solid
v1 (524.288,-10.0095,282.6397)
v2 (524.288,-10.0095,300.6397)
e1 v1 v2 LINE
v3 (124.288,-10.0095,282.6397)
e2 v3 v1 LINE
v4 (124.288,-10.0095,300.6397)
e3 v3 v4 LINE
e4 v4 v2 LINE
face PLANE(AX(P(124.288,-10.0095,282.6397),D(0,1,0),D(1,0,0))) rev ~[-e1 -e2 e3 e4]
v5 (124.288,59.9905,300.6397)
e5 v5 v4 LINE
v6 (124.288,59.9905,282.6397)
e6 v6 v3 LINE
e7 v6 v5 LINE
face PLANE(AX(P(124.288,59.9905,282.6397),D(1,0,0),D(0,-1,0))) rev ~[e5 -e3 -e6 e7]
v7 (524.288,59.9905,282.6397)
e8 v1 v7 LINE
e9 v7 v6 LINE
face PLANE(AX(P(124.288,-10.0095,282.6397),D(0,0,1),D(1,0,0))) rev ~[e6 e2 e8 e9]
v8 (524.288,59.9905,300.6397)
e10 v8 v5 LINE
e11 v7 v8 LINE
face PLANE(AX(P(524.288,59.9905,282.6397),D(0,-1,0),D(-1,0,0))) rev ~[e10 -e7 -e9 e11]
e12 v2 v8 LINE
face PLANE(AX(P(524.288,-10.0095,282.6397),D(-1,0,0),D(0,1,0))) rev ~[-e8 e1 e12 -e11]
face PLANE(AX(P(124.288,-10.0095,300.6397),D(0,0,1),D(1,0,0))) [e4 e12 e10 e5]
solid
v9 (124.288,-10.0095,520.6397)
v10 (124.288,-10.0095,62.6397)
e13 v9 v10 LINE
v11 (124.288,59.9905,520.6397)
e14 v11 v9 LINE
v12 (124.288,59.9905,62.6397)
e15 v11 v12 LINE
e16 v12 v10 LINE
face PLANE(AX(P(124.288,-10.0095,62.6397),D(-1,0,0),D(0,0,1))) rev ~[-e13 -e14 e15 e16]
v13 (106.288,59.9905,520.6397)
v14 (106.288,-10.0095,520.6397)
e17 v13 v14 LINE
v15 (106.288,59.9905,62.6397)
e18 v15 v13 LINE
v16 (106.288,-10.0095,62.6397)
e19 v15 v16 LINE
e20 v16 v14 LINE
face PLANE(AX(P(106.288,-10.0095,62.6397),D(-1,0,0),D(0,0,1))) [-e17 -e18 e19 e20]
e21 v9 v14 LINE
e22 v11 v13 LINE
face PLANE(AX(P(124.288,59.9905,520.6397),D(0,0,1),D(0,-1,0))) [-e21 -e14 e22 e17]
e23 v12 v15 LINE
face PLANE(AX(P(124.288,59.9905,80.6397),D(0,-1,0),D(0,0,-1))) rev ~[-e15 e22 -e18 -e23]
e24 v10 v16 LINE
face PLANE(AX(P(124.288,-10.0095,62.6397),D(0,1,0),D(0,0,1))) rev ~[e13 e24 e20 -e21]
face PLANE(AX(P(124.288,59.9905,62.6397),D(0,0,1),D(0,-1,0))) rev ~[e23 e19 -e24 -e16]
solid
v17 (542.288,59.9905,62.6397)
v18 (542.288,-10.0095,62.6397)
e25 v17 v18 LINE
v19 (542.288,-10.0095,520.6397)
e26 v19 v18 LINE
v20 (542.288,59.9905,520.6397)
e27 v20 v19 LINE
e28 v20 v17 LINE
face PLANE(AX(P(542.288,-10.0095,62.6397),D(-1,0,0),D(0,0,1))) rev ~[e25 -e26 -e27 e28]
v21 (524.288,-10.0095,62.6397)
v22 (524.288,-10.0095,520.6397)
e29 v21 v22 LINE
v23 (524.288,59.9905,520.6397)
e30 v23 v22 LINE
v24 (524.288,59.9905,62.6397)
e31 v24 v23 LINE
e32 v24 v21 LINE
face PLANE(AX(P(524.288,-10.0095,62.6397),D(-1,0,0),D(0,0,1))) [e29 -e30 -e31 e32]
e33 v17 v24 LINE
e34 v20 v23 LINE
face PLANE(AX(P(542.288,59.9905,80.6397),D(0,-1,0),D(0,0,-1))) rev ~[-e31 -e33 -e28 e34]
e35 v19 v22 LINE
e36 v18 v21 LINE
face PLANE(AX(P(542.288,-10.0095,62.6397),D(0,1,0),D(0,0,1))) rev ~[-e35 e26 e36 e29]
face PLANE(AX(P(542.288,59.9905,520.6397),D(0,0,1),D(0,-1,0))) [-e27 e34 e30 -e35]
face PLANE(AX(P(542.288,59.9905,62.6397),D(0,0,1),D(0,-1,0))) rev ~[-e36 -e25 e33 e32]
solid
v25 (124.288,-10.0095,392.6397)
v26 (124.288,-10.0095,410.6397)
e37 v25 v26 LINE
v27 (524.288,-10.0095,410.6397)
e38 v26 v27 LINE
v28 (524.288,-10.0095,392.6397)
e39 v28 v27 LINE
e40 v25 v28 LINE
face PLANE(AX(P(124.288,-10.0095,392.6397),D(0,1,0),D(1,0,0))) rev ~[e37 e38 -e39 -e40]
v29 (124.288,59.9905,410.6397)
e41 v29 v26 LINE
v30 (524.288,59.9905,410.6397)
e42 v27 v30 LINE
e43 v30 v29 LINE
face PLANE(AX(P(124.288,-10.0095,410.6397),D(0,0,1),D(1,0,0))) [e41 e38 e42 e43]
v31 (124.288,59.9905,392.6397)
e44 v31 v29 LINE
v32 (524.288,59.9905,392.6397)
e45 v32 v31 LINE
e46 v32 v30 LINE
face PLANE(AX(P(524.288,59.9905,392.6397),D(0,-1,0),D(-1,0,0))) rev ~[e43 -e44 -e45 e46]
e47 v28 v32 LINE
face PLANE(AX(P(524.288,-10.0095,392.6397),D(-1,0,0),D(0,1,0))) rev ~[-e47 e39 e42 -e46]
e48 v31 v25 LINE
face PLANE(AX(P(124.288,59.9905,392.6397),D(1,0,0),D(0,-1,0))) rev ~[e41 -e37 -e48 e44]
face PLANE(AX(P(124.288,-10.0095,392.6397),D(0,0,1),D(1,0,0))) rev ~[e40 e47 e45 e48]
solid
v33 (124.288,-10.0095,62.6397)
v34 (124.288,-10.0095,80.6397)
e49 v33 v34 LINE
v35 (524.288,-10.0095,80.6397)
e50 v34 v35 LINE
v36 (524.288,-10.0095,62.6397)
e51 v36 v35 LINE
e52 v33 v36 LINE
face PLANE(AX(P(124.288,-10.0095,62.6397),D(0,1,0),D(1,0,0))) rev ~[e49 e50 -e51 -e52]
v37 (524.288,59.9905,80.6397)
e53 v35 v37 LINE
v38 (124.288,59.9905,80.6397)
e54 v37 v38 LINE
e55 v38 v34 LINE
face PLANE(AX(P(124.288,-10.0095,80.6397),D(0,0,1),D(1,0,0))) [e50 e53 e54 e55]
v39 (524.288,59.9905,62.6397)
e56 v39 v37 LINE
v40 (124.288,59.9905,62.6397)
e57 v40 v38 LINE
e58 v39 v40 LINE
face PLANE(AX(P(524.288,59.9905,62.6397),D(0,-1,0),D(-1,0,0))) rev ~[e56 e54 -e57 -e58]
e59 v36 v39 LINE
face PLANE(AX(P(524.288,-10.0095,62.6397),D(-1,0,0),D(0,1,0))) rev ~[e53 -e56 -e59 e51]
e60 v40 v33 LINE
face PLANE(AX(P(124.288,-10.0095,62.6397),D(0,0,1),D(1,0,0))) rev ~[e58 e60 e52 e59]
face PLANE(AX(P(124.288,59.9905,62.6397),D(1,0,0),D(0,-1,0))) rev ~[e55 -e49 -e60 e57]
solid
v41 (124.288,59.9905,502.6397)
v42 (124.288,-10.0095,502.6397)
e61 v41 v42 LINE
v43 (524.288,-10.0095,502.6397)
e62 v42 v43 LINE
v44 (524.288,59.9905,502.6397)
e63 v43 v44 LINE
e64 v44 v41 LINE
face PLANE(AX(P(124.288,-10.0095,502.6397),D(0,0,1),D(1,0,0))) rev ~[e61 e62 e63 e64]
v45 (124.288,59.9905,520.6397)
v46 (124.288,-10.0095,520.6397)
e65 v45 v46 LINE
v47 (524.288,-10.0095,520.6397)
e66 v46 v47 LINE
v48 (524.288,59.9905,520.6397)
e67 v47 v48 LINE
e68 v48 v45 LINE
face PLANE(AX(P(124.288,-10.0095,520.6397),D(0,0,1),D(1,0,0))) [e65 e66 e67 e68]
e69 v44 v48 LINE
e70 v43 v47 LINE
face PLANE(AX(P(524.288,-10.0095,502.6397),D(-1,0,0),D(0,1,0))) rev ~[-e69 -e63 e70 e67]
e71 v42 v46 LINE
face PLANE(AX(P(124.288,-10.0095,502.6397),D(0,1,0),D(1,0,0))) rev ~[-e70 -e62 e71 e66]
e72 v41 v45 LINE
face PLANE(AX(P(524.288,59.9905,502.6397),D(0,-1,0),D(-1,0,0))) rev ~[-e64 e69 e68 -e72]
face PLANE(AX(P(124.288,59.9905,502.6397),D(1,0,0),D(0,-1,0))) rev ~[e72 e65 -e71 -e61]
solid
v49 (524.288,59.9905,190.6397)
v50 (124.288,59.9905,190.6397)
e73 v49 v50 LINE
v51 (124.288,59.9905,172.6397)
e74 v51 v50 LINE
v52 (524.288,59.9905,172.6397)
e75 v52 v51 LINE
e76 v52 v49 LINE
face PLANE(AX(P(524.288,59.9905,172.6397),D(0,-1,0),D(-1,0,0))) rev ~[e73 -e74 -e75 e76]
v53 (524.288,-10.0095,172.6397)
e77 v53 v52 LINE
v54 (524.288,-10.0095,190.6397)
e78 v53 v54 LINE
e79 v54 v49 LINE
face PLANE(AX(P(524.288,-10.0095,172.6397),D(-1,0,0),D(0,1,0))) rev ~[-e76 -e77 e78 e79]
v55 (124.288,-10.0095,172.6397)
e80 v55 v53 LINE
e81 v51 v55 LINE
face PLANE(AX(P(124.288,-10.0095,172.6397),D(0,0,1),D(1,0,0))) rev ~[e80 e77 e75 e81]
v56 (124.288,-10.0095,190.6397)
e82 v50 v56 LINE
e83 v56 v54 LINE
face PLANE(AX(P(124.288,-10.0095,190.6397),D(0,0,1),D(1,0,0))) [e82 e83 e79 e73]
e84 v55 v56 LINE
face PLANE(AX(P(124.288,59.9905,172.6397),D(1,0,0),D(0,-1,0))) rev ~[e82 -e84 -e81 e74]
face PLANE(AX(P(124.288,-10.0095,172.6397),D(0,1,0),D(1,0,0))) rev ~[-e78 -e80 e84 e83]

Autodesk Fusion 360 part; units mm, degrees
sketch "Sketch1" plane through (0, 0, 0) normal (0, 0, 1) x (1, 0, 0) in component "Base"
  line L0 (0, 0) -> (400, 0)
  line L1 (400, 0) -> (400, 70)
  line L2 (400, 70) -> (0, 70)
  line L3 (0, 70) -> (0, 0)
  dimension "d5" = 400
  dimension "d6" = 70
extrude "Extrude1" add sketch "Sketch1" along normal blind 18 makes body 1 in component "Base"
sketch "Sketch1 (2)" plane through (0, 0, 0) normal (-1, 0, 0) x (0, 0, 1) in component "wall"
  line L0 (0, 70) -> (0, 0)
  line L1 (0, 0) -> (18, 0)
  line L2 (18, 0) -> (18, 70)
  line L3 (18, 70) -> (0, 70)
  line L4 (0, 70) -> (458, 70)
  line L5 (458, 70) -> (458, 0)
  line L6 (458, 0) -> (0, 0)
  line L7 (0, 0) -> (0, 70)
  dimension "d10" = 458
extrude "Extrude1'" add sketch "Sketch1 (2)" along normal blind 18 separate body makes body 2 in component "wall"
pattern_linear "00000000-0000-0000-0000-000000000000" [suppressed]
component "Base" placed x (1, 0, 0) y (0, 1, 0) z (0, 0, 1) at (124.288, -10.0095, 62.6397)
component "wall" placed x (1, 0, 0) y (0, 1, 0) z (0, 0, 1) at (124.288, -10.0095, 62.6397)
component "wall" placed x (1, 0, 0) y (0, 1, 0) z (0, 0, 1) at (542.288, -10.0095, 62.6397)
component "Base" placed x (1, 0, 0) y (0, 1, 0) z (0, 0, 1) at (124.288, -10.0095, 502.6397)
component "Base" placed x (1, 0, 0) y (0, 1, 0) z (0, 0, 1) at (124.288, -10.0095, 172.6397)
component "Base" placed x (1, 0, 0) y (0, 1, 0) z (0, 0, 1) at (124.288, -10.0095, 282.6397)
component "Base" placed x (1, 0, 0) y (0, 1, 0) z (0, 0, 1) at (124.288, -10.0095, 392.6397)
equation "shelf_depth = 70.00 mm"
equation "shelf_width = 400.00 mm"
equation "shelfs_number = 4"
equation "shelf_height = 92.00 mm"
equation "d5 = shelf_width"
equation "d6 = shelf_depth"
equation "board_thickness = 18.00 mm"
equation "d8 = board_thickness"
equation "d10 = shelfs_number * ( board_thickness + shelf_height ) + board_thickness"
equation "d11 = board_thickness"
equation "d25 = shelfs_number"
equation "d27 = shelf_height + board_thickness"
